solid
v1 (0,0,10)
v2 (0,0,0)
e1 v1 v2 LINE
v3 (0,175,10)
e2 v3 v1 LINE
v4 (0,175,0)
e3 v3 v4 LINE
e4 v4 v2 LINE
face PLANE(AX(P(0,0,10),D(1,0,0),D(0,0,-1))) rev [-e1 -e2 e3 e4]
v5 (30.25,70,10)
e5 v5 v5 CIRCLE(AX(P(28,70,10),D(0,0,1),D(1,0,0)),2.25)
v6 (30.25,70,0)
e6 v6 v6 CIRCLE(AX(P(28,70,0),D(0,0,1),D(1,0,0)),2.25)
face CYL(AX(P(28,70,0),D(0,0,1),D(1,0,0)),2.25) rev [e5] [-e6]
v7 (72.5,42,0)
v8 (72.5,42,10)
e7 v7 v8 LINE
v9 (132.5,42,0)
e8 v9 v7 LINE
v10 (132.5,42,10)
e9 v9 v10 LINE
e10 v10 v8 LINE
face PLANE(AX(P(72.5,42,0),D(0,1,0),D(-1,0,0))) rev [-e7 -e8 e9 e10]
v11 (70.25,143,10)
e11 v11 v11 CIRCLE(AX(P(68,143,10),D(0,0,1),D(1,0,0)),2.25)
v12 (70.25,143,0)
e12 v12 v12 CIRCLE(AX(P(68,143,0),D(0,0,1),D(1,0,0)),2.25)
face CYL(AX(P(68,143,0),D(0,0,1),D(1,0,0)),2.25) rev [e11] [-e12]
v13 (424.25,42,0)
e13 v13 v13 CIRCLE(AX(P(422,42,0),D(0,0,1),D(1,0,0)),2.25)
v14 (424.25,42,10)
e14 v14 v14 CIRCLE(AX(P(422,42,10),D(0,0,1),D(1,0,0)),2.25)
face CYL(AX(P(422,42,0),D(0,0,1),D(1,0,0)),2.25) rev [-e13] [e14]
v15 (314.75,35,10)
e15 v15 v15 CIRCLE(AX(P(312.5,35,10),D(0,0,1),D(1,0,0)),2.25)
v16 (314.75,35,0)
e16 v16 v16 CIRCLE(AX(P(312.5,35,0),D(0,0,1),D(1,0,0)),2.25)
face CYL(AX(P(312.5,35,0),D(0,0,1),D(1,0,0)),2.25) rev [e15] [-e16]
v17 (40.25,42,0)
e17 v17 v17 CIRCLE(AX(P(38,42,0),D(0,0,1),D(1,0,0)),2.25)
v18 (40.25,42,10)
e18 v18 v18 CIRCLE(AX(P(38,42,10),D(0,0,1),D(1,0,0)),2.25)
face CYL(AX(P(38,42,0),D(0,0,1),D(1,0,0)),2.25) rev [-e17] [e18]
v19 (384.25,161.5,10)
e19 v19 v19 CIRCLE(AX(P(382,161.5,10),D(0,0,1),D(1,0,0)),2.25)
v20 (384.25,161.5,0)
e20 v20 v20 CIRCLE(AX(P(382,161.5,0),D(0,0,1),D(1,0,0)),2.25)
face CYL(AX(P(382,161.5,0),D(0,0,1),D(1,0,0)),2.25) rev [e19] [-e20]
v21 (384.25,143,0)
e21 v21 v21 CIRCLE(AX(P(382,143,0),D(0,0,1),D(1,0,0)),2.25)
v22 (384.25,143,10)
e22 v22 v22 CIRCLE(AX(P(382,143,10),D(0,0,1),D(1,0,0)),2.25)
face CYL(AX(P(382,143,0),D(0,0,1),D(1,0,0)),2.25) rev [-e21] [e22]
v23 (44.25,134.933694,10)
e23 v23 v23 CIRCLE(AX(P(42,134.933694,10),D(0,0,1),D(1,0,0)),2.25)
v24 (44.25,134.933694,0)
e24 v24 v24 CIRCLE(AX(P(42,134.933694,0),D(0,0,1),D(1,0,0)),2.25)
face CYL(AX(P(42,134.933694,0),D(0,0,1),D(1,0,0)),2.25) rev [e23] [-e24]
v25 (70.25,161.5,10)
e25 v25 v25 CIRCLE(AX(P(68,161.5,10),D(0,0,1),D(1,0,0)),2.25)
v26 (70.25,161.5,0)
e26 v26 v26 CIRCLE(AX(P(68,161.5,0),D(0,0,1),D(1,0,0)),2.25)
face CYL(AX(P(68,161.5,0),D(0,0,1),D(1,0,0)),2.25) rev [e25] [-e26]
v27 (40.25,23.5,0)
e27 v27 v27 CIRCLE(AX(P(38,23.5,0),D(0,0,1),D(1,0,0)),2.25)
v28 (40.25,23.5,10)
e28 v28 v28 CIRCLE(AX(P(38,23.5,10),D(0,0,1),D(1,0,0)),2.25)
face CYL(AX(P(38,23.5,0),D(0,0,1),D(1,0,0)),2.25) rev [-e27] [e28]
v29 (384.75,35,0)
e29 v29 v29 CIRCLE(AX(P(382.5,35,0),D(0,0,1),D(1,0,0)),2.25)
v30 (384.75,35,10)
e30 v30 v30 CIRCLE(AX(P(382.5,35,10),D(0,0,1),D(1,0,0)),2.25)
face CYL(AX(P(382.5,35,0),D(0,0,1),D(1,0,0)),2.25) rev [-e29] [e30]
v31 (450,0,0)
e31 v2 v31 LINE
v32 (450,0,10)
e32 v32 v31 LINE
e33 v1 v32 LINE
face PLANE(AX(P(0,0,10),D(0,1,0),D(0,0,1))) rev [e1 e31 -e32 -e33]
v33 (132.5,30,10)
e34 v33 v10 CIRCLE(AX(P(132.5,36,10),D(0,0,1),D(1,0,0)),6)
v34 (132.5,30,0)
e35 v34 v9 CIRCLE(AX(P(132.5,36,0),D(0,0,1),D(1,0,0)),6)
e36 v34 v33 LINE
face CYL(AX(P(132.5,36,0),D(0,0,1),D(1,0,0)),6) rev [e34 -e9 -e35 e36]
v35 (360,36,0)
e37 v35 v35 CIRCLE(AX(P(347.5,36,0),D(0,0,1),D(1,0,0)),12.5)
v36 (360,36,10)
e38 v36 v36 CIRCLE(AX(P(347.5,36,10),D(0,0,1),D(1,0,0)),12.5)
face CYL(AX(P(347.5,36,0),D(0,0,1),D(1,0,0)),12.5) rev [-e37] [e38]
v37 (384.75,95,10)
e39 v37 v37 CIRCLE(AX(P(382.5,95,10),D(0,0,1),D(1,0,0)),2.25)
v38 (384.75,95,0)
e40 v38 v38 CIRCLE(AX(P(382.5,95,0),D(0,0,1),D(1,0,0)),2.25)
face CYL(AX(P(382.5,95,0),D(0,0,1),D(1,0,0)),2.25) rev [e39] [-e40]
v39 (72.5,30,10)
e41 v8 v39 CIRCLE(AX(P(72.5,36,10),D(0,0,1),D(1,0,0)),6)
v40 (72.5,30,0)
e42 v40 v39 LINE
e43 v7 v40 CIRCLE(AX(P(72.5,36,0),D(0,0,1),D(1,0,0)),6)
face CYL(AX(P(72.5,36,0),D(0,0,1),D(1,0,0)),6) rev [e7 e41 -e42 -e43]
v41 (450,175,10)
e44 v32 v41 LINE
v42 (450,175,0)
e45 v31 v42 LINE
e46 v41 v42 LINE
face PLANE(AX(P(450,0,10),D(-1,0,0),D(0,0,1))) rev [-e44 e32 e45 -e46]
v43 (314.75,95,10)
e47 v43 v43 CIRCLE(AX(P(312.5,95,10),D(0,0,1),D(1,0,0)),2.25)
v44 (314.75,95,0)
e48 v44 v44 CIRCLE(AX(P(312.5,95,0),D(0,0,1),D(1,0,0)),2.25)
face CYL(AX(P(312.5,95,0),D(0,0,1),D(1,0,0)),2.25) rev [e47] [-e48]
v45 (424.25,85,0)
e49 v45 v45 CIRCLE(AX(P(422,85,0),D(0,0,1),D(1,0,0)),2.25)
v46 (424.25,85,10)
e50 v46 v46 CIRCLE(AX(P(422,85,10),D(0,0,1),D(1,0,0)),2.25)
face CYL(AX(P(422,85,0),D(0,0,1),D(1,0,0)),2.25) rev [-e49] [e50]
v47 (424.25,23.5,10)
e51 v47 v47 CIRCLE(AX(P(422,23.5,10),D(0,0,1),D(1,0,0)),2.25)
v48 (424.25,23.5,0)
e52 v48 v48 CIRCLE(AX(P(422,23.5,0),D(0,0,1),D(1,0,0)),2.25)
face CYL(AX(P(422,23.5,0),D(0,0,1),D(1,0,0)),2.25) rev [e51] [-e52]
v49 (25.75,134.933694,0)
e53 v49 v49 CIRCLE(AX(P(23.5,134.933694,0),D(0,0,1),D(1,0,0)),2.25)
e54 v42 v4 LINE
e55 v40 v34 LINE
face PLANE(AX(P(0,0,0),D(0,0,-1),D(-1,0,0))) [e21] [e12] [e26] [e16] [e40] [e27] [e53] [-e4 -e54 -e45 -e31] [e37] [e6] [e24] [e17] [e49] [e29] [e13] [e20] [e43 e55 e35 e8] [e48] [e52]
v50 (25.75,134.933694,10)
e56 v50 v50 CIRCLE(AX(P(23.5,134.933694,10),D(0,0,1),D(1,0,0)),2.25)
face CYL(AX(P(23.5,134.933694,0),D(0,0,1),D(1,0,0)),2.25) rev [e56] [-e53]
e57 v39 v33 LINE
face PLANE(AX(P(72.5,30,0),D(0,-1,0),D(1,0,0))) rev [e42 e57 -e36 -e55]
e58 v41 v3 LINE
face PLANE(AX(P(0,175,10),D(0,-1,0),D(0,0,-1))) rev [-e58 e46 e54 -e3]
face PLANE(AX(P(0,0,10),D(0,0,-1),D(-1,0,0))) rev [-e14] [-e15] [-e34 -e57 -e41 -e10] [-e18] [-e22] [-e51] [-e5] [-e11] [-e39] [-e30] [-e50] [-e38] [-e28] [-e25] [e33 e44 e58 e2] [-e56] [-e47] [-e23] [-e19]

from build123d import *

# Parameters (mm, degrees)
SCHIZZO1_W                   = 450
SCHIZZO1_H                   = 175
ESTRUSIONE_ESTRUSIONE1_DEPTH = 10
SCHIZZO2_R                   = 12.5
SCHIZZO2_R_2                 = 2.25
TAGLIO_ESTRUSIONE1_DEPTH     = 10


with BuildPart() as part:
    # Schizzo1 → Estrusione-Estrusione1 (new body)
    with BuildSketch(Plane.XY):
        with Locations((225, 87.5)):
            Rectangle(SCHIZZO1_W, SCHIZZO1_H)
    extrude(amount=ESTRUSIONE_ESTRUSIONE1_DEPTH)

    # Schizzo2 → Taglio-Estrusione1 (cut)
    with BuildSketch(Plane.XY.offset(10)):
        with Locations((347.5, 36)):
            Circle(SCHIZZO2_R)
        with Locations((382, 161.5)):
            Circle(SCHIZZO2_R_2)
        with Locations((382, 143)):
            Circle(SCHIZZO2_R_2)
        with Locations((68, 161.5)):
            Circle(SCHIZZO2_R_2)
        with Locations((68, 143)):
            Circle(SCHIZZO2_R_2)
        with Locations((38, 42)):
            Circle(SCHIZZO2_R_2)
        with Locations((38, 23.5)):
            Circle(SCHIZZO2_R_2)
        with Locations((422, 23.5)):
            Circle(SCHIZZO2_R_2)
        with Locations((422, 42)):
            Circle(SCHIZZO2_R_2)
        with Locations((23.5, 134.933694222)):
            Circle(SCHIZZO2_R_2)
        with Locations((42, 134.933694222)):
            Circle(SCHIZZO2_R_2)
        with Locations((28, 70)):
            Circle(SCHIZZO2_R_2)
        with Locations((422, 85)):
            Circle(SCHIZZO2_R_2)
        with Locations((312.5, 95)):
            Circle(SCHIZZO2_R_2)
        with Locations((382.5, 95)):
            Circle(SCHIZZO2_R_2)
        with Locations((382.5, 35)):
            Circle(SCHIZZO2_R_2)
        with Locations((312.5, 35)):
            Circle(SCHIZZO2_R_2)
        with BuildLine():
            Line((72.5, 42), (132.5, 42))
            ThreePointArc((132.5, 42), (138.5, 36), (132.5, 30))
            Line((132.5, 30), (72.5, 30))
            ThreePointArc((72.5, 30), (66.5, 36), (72.5, 42))
        make_face()
    extrude(amount=-TAGLIO_ESTRUSIONE1_DEPTH, mode=Mode.SUBTRACT)


solid = part.part
